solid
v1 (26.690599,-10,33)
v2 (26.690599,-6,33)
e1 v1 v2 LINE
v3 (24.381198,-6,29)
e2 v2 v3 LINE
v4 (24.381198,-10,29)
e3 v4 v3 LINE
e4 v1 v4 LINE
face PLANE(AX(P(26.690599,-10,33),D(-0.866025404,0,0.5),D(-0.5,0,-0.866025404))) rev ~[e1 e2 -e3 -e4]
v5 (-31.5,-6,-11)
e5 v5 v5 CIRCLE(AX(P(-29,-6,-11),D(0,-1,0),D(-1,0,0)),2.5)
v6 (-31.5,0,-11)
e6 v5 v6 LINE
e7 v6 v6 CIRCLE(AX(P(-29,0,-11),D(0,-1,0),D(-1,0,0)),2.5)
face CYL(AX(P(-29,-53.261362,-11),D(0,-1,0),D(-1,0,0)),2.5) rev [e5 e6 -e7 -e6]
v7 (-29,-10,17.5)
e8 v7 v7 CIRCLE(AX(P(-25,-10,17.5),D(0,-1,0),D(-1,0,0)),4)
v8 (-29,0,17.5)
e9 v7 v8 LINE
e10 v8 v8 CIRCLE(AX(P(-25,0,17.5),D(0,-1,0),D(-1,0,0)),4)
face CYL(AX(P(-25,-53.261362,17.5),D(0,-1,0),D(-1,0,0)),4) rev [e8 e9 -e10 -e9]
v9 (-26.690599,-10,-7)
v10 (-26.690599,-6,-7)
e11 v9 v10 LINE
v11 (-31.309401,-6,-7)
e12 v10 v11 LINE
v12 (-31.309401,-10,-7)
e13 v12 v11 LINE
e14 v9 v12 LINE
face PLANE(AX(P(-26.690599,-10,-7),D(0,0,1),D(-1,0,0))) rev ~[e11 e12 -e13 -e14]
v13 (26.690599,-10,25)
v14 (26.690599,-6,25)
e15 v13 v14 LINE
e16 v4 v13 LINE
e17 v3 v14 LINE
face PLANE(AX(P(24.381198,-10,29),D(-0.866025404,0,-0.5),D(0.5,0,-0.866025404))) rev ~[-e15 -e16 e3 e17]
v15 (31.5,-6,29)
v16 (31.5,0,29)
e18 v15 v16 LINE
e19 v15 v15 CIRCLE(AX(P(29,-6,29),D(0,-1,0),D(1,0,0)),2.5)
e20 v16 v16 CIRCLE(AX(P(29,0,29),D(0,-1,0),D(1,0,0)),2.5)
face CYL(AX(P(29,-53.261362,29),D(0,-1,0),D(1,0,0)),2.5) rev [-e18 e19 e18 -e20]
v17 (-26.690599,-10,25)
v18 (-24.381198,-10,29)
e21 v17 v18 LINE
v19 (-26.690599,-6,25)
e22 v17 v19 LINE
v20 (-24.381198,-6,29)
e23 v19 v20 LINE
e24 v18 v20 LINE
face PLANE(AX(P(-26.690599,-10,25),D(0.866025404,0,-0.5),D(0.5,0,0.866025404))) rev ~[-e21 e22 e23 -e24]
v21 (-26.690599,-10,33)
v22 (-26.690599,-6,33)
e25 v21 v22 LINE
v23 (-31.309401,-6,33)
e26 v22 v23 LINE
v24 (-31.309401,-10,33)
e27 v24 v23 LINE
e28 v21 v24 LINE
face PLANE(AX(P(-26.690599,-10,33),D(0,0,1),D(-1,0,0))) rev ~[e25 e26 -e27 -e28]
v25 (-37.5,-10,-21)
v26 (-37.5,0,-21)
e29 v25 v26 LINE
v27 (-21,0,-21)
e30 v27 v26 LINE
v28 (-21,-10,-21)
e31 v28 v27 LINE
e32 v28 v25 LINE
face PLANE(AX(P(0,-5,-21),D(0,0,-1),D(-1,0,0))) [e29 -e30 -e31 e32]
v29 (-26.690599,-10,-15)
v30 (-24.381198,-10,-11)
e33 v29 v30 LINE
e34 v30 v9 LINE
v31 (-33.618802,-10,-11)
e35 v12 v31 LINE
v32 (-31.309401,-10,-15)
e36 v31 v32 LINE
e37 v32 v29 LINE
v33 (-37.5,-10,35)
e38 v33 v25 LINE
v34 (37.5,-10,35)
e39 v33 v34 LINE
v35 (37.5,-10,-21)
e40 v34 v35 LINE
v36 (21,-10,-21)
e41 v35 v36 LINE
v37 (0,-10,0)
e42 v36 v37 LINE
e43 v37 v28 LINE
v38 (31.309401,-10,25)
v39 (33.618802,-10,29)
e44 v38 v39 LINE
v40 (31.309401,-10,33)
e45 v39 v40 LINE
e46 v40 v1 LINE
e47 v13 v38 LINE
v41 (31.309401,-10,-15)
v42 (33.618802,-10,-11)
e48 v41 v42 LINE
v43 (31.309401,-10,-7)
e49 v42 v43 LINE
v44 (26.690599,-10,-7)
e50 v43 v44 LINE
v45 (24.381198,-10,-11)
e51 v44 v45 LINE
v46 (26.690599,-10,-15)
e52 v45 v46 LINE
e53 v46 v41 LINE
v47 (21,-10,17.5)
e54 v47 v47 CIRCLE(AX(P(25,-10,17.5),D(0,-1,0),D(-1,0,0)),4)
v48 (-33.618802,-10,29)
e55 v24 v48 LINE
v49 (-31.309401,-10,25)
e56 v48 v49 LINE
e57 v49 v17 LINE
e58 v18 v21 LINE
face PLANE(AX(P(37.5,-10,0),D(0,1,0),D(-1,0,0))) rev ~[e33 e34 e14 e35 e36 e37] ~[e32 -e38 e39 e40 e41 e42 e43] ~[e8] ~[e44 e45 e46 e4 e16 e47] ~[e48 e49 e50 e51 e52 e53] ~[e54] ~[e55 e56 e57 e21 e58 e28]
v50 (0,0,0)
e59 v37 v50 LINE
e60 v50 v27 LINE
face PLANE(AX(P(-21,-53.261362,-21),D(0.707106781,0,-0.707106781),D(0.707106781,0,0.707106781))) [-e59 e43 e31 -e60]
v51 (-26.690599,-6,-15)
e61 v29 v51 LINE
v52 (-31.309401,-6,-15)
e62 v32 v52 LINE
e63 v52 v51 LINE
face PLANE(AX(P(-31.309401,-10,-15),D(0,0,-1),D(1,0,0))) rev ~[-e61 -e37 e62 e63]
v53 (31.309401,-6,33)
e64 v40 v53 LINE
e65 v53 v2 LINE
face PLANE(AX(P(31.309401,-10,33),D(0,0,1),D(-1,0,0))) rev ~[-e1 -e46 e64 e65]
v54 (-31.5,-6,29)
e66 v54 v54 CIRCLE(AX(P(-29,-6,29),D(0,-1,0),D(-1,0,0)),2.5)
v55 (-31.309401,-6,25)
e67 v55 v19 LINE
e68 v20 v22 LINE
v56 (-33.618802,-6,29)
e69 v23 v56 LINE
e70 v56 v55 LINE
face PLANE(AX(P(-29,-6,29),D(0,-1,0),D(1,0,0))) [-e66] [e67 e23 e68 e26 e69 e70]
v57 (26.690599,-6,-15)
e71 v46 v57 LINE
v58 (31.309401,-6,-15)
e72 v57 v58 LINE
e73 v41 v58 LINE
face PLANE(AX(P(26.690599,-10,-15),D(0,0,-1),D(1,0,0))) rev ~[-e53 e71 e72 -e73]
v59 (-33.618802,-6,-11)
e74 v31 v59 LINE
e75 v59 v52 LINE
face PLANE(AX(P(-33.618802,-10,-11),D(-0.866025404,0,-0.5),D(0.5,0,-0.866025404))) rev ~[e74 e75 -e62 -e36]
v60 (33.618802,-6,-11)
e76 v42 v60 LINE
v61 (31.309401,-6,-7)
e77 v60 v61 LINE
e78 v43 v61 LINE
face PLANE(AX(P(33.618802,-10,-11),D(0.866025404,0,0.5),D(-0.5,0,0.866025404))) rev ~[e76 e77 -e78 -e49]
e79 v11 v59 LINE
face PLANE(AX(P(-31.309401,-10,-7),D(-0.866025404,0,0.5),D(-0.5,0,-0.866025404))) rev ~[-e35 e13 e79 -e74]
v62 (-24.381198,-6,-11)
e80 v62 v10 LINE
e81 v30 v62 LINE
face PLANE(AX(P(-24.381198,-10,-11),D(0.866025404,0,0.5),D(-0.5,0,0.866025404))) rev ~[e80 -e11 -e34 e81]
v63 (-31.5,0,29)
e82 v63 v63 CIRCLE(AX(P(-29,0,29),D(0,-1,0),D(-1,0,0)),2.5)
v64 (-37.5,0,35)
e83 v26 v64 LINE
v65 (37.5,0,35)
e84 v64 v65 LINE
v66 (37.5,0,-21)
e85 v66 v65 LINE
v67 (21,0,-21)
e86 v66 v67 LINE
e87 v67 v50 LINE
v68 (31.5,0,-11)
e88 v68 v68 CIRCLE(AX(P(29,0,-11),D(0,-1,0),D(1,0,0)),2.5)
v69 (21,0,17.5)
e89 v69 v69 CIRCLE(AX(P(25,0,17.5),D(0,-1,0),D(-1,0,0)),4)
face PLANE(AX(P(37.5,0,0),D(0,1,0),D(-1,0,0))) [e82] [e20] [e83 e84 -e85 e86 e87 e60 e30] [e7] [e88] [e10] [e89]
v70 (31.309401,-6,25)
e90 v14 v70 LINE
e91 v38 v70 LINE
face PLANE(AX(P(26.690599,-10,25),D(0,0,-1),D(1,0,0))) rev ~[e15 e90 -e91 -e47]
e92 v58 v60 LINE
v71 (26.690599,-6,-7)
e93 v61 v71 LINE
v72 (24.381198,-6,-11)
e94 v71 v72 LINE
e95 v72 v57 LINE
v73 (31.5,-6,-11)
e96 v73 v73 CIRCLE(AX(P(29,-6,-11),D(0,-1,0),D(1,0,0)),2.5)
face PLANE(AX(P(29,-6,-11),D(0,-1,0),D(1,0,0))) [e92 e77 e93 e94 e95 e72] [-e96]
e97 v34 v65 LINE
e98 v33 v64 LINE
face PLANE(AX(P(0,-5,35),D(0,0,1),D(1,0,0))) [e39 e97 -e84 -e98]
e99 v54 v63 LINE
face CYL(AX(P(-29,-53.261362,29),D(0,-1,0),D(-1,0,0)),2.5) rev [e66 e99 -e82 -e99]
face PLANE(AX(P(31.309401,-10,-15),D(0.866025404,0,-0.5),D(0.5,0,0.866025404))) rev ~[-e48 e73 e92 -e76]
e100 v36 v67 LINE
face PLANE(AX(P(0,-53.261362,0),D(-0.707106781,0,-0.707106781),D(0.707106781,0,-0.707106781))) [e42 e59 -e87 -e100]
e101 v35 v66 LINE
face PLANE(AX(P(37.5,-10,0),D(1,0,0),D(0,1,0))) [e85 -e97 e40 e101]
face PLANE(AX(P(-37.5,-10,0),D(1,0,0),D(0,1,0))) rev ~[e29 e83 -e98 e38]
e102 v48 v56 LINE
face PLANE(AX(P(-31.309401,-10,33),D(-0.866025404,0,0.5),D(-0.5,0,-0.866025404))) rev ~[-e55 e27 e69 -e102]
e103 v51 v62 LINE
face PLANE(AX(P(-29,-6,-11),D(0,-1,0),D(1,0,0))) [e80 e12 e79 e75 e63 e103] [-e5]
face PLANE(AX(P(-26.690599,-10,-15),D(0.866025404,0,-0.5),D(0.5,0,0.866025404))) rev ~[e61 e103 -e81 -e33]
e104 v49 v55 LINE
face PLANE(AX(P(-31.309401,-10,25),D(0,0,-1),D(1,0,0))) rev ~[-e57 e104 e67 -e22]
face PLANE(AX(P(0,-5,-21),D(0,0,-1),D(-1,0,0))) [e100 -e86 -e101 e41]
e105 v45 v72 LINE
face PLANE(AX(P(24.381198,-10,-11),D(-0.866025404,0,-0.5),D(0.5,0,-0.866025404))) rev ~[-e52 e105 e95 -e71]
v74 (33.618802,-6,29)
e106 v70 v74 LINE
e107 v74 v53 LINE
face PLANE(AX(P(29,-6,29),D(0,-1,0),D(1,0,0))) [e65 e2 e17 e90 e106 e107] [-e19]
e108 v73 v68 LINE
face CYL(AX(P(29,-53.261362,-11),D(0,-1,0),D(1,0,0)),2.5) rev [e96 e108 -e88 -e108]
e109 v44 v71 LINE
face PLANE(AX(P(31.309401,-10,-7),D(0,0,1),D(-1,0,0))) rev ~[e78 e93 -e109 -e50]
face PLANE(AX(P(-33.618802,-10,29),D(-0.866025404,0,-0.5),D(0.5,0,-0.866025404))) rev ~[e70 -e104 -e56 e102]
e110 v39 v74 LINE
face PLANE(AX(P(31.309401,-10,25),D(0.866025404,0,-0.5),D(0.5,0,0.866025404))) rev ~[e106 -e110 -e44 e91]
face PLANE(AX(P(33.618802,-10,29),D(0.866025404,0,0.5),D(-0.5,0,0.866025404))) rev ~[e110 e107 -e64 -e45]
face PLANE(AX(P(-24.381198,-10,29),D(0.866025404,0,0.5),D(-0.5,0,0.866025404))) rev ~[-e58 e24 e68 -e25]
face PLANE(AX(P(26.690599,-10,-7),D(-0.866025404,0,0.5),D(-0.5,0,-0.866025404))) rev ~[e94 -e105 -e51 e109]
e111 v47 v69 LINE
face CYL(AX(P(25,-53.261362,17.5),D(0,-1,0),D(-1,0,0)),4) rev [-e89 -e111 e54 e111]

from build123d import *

# Parameters (mm, degrees)
SKETCH1_W               = 75
SKETCH1_H               = 10
BOSS_EXTRUDE1_DEPTH     = 35
CUT_EXTRUDE1_DEPTH      = 53.261362401
CUT_EXTRUDE1_DEPTH_BACK = 53.261362401
SKETCH2_R               = 4
CUT_EXTRUDE2_DEPTH      = 53.261362401
CUT_EXTRUDE2_DEPTH_BACK = 53.261362401
SKETCH3_R               = 2.5
SKETCH4_W               = 75
SKETCH4_H               = 10
BOSS_EXTRUDE2_DEPTH     = 21
CUT_EXTRUDE3_DEPTH      = 53.261362401
CUT_EXTRUDE3_DEPTH_BACK = 53.261362401
SKETCH5_R               = 2.5
CUT_EXTRUDE4_DEPTH      = 4
CUT_EXTRUDE5_DEPTH      = 53.261362401
CUT_EXTRUDE5_DEPTH_BACK = 53.261362401


with BuildPart() as part:
    # Sketch1 → Boss-Extrude1 (new body)
    with BuildSketch(Plane.XY):
        with Locations((0, -5)):
            Rectangle(SKETCH1_W, SKETCH1_H)
    extrude(amount=BOSS_EXTRUDE1_DEPTH)

    # Sketch2 → Cut-Extrude1 (cut, two sides: drawn at the far end of the back side and taken through both)
    with BuildSketch(Plane(origin=(0, 0, 0), x_dir=(1, 0, 0), z_dir=(0, 1, 0)).offset(-CUT_EXTRUDE1_DEPTH_BACK)):
        with Locations(Location((-25, -17.5, 0), (0, 0, 180))):
            Circle(SKETCH2_R)
        with Locations(Location((25, -17.5, 0), (0, 0, 180))):
            Circle(SKETCH2_R)
    extrude(amount=CUT_EXTRUDE1_DEPTH + CUT_EXTRUDE1_DEPTH_BACK, mode=Mode.SUBTRACT)

    # Sketch3 → Cut-Extrude2 (cut, two sides: drawn at the far end of the back side and taken through both)
    with BuildSketch(Plane(origin=(0, 0, 0), x_dir=(1, 0, 0), z_dir=(0, 1, 0)).offset(-CUT_EXTRUDE2_DEPTH_BACK)):
        with Locations(Location((-29, -29, 0), (0, 0, 180))):
            Circle(SKETCH3_R)
        with Locations((29, -29)):
            Circle(SKETCH3_R)
    extrude(amount=CUT_EXTRUDE2_DEPTH + CUT_EXTRUDE2_DEPTH_BACK, mode=Mode.SUBTRACT)

    # Sketch4 → Boss-Extrude2 (add)
    with BuildSketch(Plane(origin=(0, 0, 0), x_dir=(-1, 0, 0), z_dir=(0, 0, -1))):
        with Locations((0, -5)):
            Rectangle(SKETCH4_W, SKETCH4_H)
    extrude(amount=BOSS_EXTRUDE2_DEPTH)

    # Sketch5 → Cut-Extrude3 (cut, two sides: drawn at the far end of the back side and taken through both)
    with BuildSketch(Plane(origin=(0, 0, 0), x_dir=(1, 0, 0), z_dir=(0, 1, 0)).offset(-CUT_EXTRUDE3_DEPTH_BACK)):
        with Locations(Location((-29, 11, 0), (0, 0, 180))):
            Circle(SKETCH5_R)
        with Locations((29, 11)):
            Circle(SKETCH5_R)
    extrude(amount=CUT_EXTRUDE3_DEPTH + CUT_EXTRUDE3_DEPTH_BACK, mode=Mode.SUBTRACT)

    # Sketch6 → Cut-Extrude4 (cut)
    with BuildSketch(Plane.XZ.offset(10)):
        Polygon((-24.381197846, 29), (-26.690598923, 33), (-31.309401077, 33), (-33.618802154, 29), (-31.309401077, 25), (-26.690598923, 25), align=None)
        Polygon((33.618802154, 29), (31.309401077, 33), (26.690598923, 33), (24.381197846, 29), (26.690598923, 25), (31.309401077, 25), align=None)
        Polygon((-24.381197846, -11), (-26.690598923, -7), (-31.309401077, -7), (-33.618802154, -11), (-31.309401077, -15), (-26.690598923, -15), align=None)
        Polygon((33.618802154, -11), (31.309401077, -7), (26.690598923, -7), (24.381197846, -11), (26.690598923, -15), (31.309401077, -15), align=None)
    extrude(amount=-CUT_EXTRUDE4_DEPTH, mode=Mode.SUBTRACT)

    # Sketch7 → Cut-Extrude5 (cut, two sides: drawn at the far end of the back side and taken through both)
    with BuildSketch(Plane(origin=(0, 0, 0), x_dir=(1, 0, 0), z_dir=(0, 1, 0)).offset(-CUT_EXTRUDE5_DEPTH_BACK)):
        Polygon((0, 0), (21, 21), (-21, 21), align=None)
    extrude(amount=CUT_EXTRUDE5_DEPTH + CUT_EXTRUDE5_DEPTH_BACK, mode=Mode.SUBTRACT)


solid = part.part
